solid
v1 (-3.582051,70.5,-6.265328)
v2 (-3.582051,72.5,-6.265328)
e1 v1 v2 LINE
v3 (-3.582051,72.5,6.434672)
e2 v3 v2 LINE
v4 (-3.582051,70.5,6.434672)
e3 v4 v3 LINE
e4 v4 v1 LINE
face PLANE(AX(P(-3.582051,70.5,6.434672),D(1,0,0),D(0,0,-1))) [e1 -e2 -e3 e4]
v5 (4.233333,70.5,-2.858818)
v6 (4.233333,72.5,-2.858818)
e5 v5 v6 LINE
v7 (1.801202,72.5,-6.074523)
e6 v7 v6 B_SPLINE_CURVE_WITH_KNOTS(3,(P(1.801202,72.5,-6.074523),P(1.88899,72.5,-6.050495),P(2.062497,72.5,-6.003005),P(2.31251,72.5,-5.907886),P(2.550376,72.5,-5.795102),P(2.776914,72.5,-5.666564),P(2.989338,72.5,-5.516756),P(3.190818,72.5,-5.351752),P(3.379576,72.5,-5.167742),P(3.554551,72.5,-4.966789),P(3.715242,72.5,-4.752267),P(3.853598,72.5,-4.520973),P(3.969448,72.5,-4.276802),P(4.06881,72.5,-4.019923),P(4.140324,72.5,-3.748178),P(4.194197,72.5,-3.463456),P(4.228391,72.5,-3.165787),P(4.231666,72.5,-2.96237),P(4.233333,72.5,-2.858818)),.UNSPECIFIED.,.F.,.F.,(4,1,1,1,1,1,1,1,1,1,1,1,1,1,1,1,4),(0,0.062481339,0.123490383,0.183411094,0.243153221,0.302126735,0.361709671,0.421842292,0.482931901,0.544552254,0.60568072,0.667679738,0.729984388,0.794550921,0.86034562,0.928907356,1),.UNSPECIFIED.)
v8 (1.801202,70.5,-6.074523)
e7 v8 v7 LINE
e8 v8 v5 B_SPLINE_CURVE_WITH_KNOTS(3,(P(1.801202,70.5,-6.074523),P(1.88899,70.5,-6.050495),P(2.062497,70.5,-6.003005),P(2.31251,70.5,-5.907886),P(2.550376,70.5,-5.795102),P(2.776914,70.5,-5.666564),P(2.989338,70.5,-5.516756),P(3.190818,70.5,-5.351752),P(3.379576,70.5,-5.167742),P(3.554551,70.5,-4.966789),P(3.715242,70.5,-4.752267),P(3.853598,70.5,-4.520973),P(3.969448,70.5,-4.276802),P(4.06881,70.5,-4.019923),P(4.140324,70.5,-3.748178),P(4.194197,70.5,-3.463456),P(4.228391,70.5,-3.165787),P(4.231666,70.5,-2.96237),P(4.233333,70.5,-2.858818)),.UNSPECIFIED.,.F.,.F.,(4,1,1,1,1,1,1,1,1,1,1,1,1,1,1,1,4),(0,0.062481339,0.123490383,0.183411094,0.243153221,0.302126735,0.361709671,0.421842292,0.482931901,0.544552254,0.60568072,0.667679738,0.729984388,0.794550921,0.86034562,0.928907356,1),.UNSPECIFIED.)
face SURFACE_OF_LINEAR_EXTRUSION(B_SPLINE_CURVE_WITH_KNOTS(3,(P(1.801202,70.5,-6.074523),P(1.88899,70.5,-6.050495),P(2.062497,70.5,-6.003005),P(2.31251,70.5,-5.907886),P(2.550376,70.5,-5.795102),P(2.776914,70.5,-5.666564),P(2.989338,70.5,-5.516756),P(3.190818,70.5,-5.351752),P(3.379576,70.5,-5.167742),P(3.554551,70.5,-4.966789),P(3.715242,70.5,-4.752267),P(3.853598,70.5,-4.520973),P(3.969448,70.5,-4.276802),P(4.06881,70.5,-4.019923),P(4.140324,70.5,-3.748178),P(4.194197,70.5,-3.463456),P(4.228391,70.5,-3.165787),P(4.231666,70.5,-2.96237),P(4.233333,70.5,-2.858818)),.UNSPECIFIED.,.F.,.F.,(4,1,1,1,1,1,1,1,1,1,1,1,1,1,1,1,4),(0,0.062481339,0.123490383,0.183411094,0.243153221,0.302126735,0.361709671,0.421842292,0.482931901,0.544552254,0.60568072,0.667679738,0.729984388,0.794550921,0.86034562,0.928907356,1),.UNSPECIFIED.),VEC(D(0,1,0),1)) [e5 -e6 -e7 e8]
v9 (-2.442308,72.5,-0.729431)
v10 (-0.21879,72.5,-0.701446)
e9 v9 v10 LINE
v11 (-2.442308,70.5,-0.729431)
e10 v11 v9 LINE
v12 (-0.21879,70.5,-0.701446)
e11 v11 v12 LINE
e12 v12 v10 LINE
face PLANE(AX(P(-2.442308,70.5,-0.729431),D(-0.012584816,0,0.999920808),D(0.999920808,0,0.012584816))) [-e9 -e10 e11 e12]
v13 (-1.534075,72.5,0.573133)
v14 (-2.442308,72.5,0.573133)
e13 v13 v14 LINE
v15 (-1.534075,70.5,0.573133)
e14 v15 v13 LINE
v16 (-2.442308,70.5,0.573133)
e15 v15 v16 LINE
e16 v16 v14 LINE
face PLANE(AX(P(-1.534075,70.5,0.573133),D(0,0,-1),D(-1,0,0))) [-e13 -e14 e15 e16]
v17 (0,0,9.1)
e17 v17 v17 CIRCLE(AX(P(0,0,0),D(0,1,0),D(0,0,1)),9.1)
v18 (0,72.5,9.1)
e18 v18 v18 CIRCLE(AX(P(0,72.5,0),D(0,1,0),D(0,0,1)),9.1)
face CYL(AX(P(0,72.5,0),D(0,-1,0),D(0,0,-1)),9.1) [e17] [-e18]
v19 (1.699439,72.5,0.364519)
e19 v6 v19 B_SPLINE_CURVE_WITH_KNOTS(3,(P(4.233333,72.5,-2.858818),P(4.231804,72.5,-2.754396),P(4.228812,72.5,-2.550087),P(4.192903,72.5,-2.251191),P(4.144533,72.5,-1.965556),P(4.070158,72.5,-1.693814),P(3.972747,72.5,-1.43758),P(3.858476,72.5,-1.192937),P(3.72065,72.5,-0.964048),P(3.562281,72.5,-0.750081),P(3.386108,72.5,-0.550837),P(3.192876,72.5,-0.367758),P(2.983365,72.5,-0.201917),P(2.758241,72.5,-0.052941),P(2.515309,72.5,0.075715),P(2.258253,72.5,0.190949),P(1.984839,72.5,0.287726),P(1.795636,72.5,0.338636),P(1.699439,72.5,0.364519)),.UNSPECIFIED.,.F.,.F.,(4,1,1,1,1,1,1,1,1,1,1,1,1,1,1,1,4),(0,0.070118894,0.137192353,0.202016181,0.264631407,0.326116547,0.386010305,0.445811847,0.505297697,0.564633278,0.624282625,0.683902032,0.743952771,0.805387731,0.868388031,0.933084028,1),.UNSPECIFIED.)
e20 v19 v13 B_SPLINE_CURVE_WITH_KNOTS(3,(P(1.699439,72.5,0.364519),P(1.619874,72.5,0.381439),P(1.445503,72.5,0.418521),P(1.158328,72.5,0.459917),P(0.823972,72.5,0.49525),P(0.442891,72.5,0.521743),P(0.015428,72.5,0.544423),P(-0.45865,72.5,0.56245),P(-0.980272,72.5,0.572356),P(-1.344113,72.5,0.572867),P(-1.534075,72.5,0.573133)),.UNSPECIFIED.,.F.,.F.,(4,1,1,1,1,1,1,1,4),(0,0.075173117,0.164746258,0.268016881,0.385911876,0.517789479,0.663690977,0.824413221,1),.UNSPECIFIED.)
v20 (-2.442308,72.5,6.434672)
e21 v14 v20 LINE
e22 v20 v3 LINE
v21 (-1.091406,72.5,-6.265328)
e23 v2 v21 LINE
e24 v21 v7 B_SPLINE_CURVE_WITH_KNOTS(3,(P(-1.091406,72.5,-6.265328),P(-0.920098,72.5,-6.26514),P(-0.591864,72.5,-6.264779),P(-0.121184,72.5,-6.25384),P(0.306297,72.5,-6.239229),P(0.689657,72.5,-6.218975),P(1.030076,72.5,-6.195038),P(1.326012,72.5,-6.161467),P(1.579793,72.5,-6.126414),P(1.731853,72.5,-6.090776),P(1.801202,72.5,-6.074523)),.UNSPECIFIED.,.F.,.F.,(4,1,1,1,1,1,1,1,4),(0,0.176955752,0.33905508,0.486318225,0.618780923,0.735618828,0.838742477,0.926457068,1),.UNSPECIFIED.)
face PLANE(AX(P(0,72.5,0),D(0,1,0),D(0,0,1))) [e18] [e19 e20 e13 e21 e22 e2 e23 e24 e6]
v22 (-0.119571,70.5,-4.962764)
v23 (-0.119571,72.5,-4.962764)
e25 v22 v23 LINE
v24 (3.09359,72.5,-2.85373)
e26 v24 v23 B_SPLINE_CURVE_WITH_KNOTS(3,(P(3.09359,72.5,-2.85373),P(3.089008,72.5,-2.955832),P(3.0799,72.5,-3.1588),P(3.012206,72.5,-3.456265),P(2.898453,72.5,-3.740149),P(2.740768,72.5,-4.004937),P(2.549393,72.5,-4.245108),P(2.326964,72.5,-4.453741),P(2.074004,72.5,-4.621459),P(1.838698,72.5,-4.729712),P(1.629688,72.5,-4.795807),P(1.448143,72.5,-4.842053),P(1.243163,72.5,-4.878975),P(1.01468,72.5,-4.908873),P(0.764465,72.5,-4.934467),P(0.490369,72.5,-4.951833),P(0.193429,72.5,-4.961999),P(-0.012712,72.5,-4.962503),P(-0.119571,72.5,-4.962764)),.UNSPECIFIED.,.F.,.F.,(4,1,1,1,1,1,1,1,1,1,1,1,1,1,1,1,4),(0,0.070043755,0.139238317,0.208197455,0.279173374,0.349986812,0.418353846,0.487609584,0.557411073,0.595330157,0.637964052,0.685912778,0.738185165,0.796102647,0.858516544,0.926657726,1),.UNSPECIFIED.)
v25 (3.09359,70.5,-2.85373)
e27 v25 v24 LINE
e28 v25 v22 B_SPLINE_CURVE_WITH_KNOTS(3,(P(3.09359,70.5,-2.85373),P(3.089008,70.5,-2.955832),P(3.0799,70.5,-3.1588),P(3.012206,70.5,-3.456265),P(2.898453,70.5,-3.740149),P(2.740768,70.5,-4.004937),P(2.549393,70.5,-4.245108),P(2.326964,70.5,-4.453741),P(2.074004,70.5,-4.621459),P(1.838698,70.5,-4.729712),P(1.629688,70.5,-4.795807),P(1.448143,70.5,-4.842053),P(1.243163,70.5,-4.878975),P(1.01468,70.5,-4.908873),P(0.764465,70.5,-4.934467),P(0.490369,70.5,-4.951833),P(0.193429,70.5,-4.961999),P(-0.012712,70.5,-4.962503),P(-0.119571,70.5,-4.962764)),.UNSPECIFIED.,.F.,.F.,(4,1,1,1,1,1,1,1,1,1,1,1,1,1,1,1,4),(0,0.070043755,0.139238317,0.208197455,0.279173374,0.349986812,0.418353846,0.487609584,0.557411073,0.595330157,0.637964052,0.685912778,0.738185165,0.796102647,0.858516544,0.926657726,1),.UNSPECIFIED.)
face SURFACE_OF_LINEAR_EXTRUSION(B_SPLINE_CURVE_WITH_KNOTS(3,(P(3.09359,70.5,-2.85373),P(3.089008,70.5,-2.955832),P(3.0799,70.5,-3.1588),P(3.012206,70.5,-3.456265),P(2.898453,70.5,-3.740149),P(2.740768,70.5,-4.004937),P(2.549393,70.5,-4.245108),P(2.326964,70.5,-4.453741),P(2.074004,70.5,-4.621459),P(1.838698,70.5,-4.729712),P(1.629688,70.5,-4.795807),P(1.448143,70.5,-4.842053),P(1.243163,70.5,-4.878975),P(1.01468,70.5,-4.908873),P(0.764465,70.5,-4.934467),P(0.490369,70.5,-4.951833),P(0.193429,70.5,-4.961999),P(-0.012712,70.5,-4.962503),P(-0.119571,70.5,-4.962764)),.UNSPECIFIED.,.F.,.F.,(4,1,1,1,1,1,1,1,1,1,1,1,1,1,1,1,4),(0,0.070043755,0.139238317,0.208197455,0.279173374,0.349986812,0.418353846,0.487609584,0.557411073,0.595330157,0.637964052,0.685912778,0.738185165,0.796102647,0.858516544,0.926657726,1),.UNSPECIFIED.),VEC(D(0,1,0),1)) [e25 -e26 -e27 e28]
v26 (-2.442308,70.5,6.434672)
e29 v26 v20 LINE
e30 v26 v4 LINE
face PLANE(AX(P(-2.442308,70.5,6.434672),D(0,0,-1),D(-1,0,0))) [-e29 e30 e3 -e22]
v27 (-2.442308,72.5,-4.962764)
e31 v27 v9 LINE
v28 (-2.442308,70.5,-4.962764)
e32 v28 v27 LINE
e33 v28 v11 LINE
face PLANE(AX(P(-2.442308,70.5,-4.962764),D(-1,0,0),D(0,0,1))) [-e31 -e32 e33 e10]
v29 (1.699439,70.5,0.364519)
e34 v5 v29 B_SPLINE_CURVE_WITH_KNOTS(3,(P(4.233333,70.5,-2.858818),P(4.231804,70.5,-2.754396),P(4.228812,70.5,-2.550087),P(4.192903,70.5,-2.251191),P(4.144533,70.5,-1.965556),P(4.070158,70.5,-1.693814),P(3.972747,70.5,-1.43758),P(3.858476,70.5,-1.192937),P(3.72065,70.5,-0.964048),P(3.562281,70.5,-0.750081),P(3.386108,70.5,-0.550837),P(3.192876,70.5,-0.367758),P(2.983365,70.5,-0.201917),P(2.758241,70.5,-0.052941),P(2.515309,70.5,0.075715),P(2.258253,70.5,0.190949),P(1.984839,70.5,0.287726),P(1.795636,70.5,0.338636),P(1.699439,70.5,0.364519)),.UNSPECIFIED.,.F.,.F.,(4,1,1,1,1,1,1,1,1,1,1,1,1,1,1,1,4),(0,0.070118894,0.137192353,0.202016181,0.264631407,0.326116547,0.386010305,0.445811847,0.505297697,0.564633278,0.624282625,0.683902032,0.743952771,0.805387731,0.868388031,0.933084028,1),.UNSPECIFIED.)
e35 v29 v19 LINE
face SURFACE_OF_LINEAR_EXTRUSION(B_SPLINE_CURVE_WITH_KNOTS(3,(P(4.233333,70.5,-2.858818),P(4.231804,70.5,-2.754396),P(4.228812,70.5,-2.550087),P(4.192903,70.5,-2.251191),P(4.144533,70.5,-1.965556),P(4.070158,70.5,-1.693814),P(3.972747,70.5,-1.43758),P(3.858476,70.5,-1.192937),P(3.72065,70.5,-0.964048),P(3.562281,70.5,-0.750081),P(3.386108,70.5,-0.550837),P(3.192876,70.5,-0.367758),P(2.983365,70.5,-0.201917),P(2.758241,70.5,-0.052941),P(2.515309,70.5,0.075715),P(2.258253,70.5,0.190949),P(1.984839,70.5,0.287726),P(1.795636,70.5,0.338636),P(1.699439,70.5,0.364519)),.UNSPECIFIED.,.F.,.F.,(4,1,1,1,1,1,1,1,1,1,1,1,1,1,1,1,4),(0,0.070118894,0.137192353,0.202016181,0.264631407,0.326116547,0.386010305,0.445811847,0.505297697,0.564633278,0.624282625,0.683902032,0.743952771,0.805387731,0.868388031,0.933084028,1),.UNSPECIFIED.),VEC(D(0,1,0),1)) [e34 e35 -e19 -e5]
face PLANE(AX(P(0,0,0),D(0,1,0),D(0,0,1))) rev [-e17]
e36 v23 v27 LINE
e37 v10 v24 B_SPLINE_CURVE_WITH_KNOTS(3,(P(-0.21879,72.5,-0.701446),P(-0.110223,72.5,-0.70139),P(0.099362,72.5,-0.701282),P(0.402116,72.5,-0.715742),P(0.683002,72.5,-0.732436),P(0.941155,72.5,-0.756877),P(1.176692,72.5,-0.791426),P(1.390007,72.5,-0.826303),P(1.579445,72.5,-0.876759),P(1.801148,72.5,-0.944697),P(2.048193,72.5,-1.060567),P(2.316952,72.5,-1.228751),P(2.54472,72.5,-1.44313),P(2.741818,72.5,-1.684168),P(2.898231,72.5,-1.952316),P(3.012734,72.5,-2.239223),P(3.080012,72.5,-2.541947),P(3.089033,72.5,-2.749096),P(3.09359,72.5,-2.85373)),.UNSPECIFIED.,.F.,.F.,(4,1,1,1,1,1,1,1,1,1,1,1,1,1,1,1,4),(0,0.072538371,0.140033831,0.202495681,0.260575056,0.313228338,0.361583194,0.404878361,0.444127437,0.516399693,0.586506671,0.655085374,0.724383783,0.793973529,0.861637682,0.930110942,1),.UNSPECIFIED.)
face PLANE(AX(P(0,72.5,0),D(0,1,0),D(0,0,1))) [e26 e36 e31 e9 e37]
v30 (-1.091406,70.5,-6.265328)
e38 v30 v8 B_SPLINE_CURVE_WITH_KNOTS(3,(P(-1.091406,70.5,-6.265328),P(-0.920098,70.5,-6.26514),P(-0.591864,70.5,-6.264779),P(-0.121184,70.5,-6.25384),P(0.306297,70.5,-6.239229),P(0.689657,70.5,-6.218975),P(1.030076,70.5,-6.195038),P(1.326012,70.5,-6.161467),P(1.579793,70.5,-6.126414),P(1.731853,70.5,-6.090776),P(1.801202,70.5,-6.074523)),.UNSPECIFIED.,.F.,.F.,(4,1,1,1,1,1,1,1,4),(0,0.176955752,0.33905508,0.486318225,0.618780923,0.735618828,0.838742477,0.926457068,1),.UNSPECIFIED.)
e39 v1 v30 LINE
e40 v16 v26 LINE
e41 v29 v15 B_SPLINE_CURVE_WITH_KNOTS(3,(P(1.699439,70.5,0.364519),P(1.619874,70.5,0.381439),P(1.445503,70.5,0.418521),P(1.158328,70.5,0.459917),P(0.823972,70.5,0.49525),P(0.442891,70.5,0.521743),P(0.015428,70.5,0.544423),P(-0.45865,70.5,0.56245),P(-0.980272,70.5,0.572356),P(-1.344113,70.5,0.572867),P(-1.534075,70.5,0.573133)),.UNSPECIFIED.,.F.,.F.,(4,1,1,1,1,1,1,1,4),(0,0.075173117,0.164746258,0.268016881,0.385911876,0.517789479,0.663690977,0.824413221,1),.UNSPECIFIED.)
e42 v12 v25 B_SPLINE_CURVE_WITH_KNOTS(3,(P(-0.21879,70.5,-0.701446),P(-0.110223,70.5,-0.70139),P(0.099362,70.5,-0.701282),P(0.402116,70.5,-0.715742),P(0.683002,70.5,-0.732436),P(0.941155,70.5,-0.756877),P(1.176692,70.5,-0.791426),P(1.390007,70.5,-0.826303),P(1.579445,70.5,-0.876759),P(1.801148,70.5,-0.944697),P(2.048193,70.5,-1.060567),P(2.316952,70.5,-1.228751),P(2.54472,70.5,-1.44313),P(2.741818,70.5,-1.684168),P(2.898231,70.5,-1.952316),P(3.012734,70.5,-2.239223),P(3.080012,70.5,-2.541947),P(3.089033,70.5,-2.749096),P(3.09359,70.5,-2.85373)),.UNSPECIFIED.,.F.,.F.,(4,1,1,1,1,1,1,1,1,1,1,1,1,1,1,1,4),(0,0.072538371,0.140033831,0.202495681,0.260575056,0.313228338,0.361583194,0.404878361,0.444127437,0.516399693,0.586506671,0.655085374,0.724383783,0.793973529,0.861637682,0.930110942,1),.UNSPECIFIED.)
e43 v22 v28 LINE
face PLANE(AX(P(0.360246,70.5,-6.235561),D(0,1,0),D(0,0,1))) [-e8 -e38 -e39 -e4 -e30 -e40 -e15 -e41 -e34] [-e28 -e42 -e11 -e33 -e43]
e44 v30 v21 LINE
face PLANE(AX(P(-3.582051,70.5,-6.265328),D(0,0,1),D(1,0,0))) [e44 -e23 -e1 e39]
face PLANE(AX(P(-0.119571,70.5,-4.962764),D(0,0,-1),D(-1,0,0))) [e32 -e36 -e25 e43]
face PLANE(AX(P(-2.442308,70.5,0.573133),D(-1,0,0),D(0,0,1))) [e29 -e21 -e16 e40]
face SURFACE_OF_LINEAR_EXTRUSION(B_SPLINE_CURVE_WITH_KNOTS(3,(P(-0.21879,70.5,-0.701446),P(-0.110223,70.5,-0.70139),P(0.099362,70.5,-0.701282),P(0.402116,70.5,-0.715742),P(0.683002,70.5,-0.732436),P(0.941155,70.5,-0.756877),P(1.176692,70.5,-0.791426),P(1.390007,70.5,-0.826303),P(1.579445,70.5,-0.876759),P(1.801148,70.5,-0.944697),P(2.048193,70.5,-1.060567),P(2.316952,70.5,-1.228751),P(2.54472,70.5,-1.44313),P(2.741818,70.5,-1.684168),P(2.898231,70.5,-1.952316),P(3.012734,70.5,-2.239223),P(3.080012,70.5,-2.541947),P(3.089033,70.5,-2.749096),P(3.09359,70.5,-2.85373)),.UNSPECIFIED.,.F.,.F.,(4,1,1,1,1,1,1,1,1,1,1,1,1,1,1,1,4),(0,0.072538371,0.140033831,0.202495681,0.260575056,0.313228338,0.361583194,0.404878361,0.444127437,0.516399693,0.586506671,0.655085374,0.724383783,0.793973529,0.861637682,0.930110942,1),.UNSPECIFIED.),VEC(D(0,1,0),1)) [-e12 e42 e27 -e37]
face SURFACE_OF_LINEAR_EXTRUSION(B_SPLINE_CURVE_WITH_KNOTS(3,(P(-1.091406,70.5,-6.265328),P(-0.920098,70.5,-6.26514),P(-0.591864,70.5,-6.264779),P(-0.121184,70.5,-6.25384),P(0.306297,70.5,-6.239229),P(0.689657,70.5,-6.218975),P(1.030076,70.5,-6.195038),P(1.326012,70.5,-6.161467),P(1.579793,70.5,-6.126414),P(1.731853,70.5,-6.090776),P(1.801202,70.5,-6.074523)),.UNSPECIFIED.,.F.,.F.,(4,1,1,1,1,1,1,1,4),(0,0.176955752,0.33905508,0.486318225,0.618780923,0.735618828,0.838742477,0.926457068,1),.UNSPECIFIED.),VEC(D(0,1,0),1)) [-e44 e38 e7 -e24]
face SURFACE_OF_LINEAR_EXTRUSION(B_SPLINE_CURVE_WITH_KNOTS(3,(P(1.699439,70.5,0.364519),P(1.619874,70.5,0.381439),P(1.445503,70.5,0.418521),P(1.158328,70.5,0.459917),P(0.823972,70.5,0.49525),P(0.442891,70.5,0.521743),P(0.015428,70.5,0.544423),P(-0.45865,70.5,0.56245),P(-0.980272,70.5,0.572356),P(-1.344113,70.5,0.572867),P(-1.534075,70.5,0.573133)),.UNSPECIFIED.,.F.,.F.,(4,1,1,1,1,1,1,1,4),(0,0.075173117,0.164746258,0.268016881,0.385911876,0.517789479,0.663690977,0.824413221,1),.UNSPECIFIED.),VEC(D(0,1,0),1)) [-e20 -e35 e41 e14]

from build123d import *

# Parameters (mm, degrees)
SKETCH1_R           = 9.1
BOSS_EXTRUDE1_DEPTH = 72.5
CUT_EXTRUDE2_DEPTH  = 2


with BuildPart() as part:
    # Sketch1 → Boss-Extrude1 (new body)
    with BuildSketch(Plane(origin=(0, 0, 0), x_dir=(1, 0, 0), z_dir=(0, 1, 0))):
        with Locations(Location((0, 0, 0), (0, 0, 270))):
            Circle(SKETCH1_R)
    extrude(amount=BOSS_EXTRUDE1_DEPTH)

    # Sketch3 → Cut-Extrude2 (cut)
    with BuildSketch(Plane(origin=(0, 72.5, 0), x_dir=(1, 0, 0), z_dir=(0, 1, 0))):
        with BuildLine():
            Line((-3.582051282, 6.265328291), (-1.09140625, 6.265328291))
            add(Edge.make_bspline(
                [(-1.09140625, 6.265328291), (-0.920098105, 6.265139982), (-0.591864091, 6.264779173), (-0.121183746, 6.253839953), (0.30629728, 6.239228813), (0.689657234, 6.218974515), (1.030075647, 6.195038316), (1.326012134, 6.16146663), (1.57979281, 6.126413557), (1.731853355, 6.090775882), (1.801201923, 6.074523003)],
                knots=[0, 0, 0, 0, 1.415646017, 2.712440637, 3.8905458, 4.950247383, 5.884950622, 6.709939814, 7.411656543, 8, 8, 8, 8], degree=3))
            add(Edge.make_bspline(
                [(1.801201923, 6.074523003), (1.888989889, 6.050494785), (2.062497206, 6.003004544), (2.312509562, 5.907886176), (2.550376373, 5.795102319), (2.776913742, 5.666564023), (2.989337872, 5.516756405), (3.190818078, 5.351752134), (3.379576292, 5.167741586), (3.554551057, 4.966788615), (3.715241608, 4.752266711), (3.853597886, 4.520973477), (3.969448109, 4.276802176), (4.068810266, 4.019922646), (4.140323801, 3.748177758), (4.194196837, 3.463455687), (4.228391143, 3.165786954), (4.231666153, 2.962369721), (4.233333333, 2.858817875)],
                knots=[0, 0, 0, 0, 0.999701418, 1.975846123, 2.934577507, 3.890451536, 4.834027766, 5.787354733, 6.749476667, 7.726910423, 8.712836071, 9.690891519, 10.682875813, 11.679750201, 12.712814741, 13.765529915, 14.8625177, 16, 16, 16, 16], degree=3))
            add(Edge.make_bspline(
                [(4.233333333, 2.858817875), (4.231804164, 2.754395656), (4.22881224, 2.550086532), (4.192902862, 2.251190987), (4.144533309, 1.965555685), (4.070158291, 1.693813965), (3.972746848, 1.437579598), (3.858475685, 1.192936842), (3.720649732, 0.964047747), (3.56228135, 0.750081349), (3.386108422, 0.55083681), (3.192876332, 0.367757984), (2.983365185, 0.201916527), (2.758240819, 0.052940652), (2.51530851, -0.075714991), (2.258252696, -0.19094864), (1.984839053, -0.287726489), (1.795636217, -0.338635569), (1.699439103, -0.364519465)],
                knots=[0, 0, 0, 0, 1.121902311, 2.195077645, 3.232258892, 4.234102512, 5.217864754, 6.176164875, 7.132989551, 8.084763148, 9.034132444, 9.988522005, 10.94243251, 11.903244335, 12.886203696, 13.894208494, 14.929344452, 16, 16, 16, 16], degree=3))
            add(Edge.make_bspline(
                [(1.699439103, -0.364519465), (1.619874205, -0.381439425), (1.445503106, -0.418520501), (1.158328085, -0.459916902), (0.823971971, -0.495250481), (0.442891126, -0.52174318), (0.015427614, -0.544423089), (-0.458649805, -0.562450172), (-0.980271743, -0.572355642), (-1.344113114, -0.572866519), (-1.534074519, -0.573133247)],
                knots=[0, 0, 0, 0, 0.601384939, 1.31797006, 2.144135048, 3.087295005, 4.142315834, 5.309527816, 6.595305764, 8, 8, 8, 8], degree=3))
            Line((-1.534074519, -0.573133247), (-2.442307692, -0.573133247))
            Line((-2.442307692, -0.573133247), (-2.442307692, -6.434671709))
            Line((-2.442307692, -6.434671709), (-3.582051282, -6.434671709))
            Line((-3.582051282, -6.434671709), (-3.582051282, 6.265328291))
        make_face()
        with BuildLine():
            Line((-2.442307692, 4.962764189), (-2.442307692, 0.729430855))
            Line((-2.442307692, 0.729430855), (-0.218790064, 0.70144608))
            add(Edge.make_bspline(
                [(-0.218790064, 0.70144608), (-0.110223476, 0.701389969), (0.099362084, 0.701281648), (0.402116379, 0.715742316), (0.683001508, 0.732435678), (0.941154681, 0.756877457), (1.176692272, 0.79142602), (1.39000702, 0.826302898), (1.579444875, 0.876759499), (1.801147692, 0.944697493), (2.048192982, 1.06056727), (2.316952372, 1.228751156), (2.544719928, 1.443129726), (2.741817748, 1.684167857), (2.898230505, 1.952316127), (3.012733677, 2.239223411), (3.080011591, 2.541947322), (3.089032922, 2.749095712), (3.093589744, 2.853729734)],
                knots=[0, 0, 0, 0, 1.160613943, 2.240541288, 3.23993089, 4.169200891, 5.011653406, 5.7853311, 6.478053781, 7.106038997, 8.262395093, 9.384106736, 10.481365981, 11.59014053, 12.70357646, 13.786202915, 14.881775077, 16, 16, 16, 16], degree=3))
            add(Edge.make_bspline(
                [(3.093589744, 2.853729734), (3.089008141, 2.955832339), (3.079900481, 3.158799683), (3.012206349, 3.456265472), (2.898453124, 3.740149313), (2.740767767, 4.004937366), (2.54939281, 4.245108169), (2.326963765, 4.453740601), (2.074004216, 4.621459351), (1.838697778, 4.729711545), (1.62968776, 4.795806973), (1.44814322, 4.842052537), (1.243162773, 4.878975451), (1.014679687, 4.908873075), (0.76446489, 4.934467063), (0.490368719, 4.951833323), (0.193429499, 4.961998607), (-0.012711715, 4.962502816), (-0.119571314, 4.962764189)],
                knots=[0, 0, 0, 0, 1.120700087, 2.227813068, 3.331159281, 4.466773991, 5.599788987, 6.693661531, 7.80175334, 8.91857717, 9.525282508, 10.207424825, 10.974604443, 11.810962634, 12.737642355, 13.736264703, 14.826523623, 16, 16, 16, 16], degree=3))
            Line((-0.119571314, 4.962764189), (-2.442307692, 4.962764189))
        make_face(mode=Mode.SUBTRACT)
    extrude(amount=-CUT_EXTRUDE2_DEPTH, mode=Mode.SUBTRACT)


solid = part.part
